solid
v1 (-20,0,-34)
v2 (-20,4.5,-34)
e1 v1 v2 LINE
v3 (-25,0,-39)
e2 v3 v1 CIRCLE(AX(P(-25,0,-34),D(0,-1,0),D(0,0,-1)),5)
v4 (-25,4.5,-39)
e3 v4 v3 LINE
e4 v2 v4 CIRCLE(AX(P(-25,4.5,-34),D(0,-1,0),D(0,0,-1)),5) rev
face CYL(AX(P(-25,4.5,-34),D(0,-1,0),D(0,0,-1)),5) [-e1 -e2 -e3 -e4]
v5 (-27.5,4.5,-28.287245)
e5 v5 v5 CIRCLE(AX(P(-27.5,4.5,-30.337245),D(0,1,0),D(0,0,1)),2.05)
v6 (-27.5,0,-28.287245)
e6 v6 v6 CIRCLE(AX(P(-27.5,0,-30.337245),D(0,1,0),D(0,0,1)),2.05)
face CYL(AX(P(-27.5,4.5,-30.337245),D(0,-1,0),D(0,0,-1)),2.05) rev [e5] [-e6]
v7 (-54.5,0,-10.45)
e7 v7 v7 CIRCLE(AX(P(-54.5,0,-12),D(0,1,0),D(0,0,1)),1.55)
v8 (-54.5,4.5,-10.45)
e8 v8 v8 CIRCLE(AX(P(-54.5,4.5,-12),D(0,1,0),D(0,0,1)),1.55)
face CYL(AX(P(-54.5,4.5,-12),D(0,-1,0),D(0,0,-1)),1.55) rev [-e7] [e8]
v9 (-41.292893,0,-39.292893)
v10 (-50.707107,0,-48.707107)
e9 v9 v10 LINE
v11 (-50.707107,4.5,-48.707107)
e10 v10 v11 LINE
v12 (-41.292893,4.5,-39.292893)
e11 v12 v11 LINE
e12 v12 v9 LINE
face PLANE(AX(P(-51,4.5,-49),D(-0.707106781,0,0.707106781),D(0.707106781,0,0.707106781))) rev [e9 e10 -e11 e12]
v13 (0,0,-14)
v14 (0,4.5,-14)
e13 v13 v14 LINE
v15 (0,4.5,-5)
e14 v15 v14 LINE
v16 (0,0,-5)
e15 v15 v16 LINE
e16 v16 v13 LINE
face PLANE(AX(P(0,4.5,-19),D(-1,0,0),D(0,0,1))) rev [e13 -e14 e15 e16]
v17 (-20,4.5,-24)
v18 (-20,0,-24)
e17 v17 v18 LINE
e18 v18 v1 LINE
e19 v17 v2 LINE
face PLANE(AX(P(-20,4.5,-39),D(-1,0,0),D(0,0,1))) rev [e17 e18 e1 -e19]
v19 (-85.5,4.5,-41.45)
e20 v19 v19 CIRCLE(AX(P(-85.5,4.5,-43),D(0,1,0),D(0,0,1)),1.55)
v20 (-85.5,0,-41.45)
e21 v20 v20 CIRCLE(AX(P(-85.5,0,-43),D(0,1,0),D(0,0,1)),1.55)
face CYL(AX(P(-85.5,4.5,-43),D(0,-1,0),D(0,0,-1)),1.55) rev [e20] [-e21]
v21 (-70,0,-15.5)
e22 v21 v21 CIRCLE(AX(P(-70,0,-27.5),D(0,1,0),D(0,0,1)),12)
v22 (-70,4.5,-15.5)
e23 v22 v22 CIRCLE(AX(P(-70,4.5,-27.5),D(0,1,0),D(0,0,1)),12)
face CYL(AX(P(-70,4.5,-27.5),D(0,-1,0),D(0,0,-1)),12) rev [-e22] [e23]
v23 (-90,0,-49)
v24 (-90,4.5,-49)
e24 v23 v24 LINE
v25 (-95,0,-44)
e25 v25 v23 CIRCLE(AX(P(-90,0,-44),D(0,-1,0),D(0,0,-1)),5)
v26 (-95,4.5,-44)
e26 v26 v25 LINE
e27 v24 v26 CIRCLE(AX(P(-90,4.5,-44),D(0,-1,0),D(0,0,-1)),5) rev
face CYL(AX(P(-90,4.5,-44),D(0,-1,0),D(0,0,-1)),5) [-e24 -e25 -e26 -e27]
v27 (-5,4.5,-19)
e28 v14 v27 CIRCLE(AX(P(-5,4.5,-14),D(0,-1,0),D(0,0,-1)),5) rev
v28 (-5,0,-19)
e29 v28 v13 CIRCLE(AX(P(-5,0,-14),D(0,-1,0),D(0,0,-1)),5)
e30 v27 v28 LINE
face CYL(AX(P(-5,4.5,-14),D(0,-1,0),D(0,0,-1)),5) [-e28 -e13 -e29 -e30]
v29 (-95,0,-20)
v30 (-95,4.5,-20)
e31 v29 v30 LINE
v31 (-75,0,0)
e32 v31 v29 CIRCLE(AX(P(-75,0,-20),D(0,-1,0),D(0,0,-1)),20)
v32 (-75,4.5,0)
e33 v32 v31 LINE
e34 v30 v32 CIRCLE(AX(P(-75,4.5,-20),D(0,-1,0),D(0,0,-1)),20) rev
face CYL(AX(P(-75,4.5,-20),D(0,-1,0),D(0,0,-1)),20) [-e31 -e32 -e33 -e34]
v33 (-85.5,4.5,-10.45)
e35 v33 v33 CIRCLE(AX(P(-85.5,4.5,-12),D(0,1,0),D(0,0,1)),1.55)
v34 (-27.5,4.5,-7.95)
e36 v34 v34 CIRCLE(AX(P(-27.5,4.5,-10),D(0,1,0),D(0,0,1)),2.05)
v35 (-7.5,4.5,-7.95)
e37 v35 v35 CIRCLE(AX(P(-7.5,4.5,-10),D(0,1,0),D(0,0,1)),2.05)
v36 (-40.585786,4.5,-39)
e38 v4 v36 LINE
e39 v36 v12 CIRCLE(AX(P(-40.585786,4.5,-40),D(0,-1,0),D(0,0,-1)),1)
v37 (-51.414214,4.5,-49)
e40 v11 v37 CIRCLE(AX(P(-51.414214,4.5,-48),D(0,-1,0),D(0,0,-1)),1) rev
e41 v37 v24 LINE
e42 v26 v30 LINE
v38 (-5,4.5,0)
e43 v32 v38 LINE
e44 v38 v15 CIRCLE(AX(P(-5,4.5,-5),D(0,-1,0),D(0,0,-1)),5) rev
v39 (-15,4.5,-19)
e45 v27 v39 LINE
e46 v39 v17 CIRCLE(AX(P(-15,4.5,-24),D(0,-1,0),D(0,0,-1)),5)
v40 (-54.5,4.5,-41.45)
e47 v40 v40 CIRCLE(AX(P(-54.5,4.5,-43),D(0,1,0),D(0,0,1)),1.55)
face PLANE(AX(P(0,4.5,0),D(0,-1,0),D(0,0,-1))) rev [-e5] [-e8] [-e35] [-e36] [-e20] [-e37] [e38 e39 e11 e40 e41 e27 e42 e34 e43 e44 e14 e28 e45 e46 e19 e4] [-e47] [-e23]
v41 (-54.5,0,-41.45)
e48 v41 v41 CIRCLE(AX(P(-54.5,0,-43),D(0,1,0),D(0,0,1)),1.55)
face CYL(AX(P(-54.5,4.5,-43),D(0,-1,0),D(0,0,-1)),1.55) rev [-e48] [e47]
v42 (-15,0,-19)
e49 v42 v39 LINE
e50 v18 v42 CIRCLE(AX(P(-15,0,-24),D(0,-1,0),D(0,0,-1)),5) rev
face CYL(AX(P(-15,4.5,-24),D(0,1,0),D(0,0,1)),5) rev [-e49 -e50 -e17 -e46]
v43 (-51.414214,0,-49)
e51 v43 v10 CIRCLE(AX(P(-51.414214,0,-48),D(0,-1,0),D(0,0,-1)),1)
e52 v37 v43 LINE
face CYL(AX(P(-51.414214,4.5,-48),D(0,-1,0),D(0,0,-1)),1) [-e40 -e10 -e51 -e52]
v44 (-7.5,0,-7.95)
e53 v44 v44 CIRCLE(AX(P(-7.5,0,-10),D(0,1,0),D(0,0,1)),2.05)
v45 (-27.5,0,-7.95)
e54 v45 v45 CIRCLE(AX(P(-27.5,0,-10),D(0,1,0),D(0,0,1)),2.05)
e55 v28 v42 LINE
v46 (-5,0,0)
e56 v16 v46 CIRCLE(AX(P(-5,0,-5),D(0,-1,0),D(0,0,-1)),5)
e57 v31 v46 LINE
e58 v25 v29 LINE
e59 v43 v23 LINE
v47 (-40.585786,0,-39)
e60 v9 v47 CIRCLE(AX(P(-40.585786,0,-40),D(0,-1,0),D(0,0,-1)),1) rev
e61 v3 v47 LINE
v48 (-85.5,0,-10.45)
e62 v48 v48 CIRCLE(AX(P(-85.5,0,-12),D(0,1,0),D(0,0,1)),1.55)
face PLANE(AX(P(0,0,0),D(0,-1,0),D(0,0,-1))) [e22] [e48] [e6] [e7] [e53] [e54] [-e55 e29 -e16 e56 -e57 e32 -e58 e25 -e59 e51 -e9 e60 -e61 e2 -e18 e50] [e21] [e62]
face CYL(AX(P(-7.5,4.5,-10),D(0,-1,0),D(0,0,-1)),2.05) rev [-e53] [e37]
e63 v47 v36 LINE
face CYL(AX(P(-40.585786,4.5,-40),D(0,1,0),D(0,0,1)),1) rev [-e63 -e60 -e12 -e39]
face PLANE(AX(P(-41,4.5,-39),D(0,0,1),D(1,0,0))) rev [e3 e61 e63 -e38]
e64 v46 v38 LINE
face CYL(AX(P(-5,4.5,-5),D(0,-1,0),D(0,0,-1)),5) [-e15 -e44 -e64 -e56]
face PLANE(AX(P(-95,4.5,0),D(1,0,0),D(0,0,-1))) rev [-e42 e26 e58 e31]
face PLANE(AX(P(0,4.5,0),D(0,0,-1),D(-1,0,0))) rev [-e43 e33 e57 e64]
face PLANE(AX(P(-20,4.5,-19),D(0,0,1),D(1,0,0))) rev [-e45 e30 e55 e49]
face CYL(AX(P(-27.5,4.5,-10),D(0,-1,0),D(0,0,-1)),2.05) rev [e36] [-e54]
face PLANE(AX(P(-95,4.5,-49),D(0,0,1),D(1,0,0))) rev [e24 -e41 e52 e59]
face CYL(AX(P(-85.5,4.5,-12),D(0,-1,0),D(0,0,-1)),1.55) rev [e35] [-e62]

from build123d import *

# Parameters (mm, degrees)
SKETCH1_R           = 2.05
SKETCH1_R_2         = 12
SKETCH1_R_3         = 1.55
BOSS_EXTRUDE1_DEPTH = 4.5
FILLET1_R           = 20
FILLET2_R           = 5
FILLET3_R           = 1


with BuildPart() as part:
    # Sketch1 → Boss-Extrude1 (new body)
    with BuildSketch(Plane(origin=(0, 0, 0), x_dir=(1, 0, 0), z_dir=(0, 1, 0))):
        Polygon((0, 0), (-95, 0), (-95, 49), (-51, 49), (-41, 39), (-20, 39), (-20, 19), (0, 19), align=None)
        with Locations(Location((-7.5, 10, 0), (0, 0, 270))):
            Circle(SKETCH1_R, mode=Mode.SUBTRACT)
        with Locations(Location((-27.5, 10, 0), (0, 0, 270))):
            Circle(SKETCH1_R, mode=Mode.SUBTRACT)
        with Locations(Location((-27.5, 30.337245127, 0), (0, 0, 270))):
            Circle(SKETCH1_R, mode=Mode.SUBTRACT)
        with Locations(Location((-70, 27.5, 0), (0, 0, 270))):
            Circle(SKETCH1_R_2, mode=Mode.SUBTRACT)
        with Locations(Location((-85.5, 43, 0), (0, 0, 270))):
            Circle(SKETCH1_R_3, mode=Mode.SUBTRACT)
        with Locations(Location((-54.5, 43, 0), (0, 0, 270))):
            Circle(SKETCH1_R_3, mode=Mode.SUBTRACT)
        with Locations(Location((-85.5, 12, 0), (0, 0, 270))):
            Circle(SKETCH1_R_3, mode=Mode.SUBTRACT)
        with Locations(Location((-54.5, 12, 0), (0, 0, 270))):
            Circle(SKETCH1_R_3, mode=Mode.SUBTRACT)
    extrude(amount=BOSS_EXTRUDE1_DEPTH)

    # Fillet1
    fillet1_edges = [part.edges().sort_by_distance(p)[0] for p in [
        (-95, 2.25, 0),
    ]]
    fillet(fillet1_edges, radius=FILLET1_R)

    # Fillet2
    fillet2_edges = [part.edges().sort_by_distance(p)[0] for p in [
        (0, 2.25, 0),
        (-95, 2.25, -49),
        (-20, 2.25, -39),
        (-20, 2.25, -19),
        (0, 2.25, -19),
    ]]
    fillet(fillet2_edges, radius=FILLET2_R)

    # Fillet3
    fillet3_edges = [part.edges().sort_by_distance(p)[0] for p in [
        (-51, 2.25, -49),
        (-41, 2.25, -39),
    ]]
    fillet(fillet3_edges, radius=FILLET3_R)


solid = part.part
